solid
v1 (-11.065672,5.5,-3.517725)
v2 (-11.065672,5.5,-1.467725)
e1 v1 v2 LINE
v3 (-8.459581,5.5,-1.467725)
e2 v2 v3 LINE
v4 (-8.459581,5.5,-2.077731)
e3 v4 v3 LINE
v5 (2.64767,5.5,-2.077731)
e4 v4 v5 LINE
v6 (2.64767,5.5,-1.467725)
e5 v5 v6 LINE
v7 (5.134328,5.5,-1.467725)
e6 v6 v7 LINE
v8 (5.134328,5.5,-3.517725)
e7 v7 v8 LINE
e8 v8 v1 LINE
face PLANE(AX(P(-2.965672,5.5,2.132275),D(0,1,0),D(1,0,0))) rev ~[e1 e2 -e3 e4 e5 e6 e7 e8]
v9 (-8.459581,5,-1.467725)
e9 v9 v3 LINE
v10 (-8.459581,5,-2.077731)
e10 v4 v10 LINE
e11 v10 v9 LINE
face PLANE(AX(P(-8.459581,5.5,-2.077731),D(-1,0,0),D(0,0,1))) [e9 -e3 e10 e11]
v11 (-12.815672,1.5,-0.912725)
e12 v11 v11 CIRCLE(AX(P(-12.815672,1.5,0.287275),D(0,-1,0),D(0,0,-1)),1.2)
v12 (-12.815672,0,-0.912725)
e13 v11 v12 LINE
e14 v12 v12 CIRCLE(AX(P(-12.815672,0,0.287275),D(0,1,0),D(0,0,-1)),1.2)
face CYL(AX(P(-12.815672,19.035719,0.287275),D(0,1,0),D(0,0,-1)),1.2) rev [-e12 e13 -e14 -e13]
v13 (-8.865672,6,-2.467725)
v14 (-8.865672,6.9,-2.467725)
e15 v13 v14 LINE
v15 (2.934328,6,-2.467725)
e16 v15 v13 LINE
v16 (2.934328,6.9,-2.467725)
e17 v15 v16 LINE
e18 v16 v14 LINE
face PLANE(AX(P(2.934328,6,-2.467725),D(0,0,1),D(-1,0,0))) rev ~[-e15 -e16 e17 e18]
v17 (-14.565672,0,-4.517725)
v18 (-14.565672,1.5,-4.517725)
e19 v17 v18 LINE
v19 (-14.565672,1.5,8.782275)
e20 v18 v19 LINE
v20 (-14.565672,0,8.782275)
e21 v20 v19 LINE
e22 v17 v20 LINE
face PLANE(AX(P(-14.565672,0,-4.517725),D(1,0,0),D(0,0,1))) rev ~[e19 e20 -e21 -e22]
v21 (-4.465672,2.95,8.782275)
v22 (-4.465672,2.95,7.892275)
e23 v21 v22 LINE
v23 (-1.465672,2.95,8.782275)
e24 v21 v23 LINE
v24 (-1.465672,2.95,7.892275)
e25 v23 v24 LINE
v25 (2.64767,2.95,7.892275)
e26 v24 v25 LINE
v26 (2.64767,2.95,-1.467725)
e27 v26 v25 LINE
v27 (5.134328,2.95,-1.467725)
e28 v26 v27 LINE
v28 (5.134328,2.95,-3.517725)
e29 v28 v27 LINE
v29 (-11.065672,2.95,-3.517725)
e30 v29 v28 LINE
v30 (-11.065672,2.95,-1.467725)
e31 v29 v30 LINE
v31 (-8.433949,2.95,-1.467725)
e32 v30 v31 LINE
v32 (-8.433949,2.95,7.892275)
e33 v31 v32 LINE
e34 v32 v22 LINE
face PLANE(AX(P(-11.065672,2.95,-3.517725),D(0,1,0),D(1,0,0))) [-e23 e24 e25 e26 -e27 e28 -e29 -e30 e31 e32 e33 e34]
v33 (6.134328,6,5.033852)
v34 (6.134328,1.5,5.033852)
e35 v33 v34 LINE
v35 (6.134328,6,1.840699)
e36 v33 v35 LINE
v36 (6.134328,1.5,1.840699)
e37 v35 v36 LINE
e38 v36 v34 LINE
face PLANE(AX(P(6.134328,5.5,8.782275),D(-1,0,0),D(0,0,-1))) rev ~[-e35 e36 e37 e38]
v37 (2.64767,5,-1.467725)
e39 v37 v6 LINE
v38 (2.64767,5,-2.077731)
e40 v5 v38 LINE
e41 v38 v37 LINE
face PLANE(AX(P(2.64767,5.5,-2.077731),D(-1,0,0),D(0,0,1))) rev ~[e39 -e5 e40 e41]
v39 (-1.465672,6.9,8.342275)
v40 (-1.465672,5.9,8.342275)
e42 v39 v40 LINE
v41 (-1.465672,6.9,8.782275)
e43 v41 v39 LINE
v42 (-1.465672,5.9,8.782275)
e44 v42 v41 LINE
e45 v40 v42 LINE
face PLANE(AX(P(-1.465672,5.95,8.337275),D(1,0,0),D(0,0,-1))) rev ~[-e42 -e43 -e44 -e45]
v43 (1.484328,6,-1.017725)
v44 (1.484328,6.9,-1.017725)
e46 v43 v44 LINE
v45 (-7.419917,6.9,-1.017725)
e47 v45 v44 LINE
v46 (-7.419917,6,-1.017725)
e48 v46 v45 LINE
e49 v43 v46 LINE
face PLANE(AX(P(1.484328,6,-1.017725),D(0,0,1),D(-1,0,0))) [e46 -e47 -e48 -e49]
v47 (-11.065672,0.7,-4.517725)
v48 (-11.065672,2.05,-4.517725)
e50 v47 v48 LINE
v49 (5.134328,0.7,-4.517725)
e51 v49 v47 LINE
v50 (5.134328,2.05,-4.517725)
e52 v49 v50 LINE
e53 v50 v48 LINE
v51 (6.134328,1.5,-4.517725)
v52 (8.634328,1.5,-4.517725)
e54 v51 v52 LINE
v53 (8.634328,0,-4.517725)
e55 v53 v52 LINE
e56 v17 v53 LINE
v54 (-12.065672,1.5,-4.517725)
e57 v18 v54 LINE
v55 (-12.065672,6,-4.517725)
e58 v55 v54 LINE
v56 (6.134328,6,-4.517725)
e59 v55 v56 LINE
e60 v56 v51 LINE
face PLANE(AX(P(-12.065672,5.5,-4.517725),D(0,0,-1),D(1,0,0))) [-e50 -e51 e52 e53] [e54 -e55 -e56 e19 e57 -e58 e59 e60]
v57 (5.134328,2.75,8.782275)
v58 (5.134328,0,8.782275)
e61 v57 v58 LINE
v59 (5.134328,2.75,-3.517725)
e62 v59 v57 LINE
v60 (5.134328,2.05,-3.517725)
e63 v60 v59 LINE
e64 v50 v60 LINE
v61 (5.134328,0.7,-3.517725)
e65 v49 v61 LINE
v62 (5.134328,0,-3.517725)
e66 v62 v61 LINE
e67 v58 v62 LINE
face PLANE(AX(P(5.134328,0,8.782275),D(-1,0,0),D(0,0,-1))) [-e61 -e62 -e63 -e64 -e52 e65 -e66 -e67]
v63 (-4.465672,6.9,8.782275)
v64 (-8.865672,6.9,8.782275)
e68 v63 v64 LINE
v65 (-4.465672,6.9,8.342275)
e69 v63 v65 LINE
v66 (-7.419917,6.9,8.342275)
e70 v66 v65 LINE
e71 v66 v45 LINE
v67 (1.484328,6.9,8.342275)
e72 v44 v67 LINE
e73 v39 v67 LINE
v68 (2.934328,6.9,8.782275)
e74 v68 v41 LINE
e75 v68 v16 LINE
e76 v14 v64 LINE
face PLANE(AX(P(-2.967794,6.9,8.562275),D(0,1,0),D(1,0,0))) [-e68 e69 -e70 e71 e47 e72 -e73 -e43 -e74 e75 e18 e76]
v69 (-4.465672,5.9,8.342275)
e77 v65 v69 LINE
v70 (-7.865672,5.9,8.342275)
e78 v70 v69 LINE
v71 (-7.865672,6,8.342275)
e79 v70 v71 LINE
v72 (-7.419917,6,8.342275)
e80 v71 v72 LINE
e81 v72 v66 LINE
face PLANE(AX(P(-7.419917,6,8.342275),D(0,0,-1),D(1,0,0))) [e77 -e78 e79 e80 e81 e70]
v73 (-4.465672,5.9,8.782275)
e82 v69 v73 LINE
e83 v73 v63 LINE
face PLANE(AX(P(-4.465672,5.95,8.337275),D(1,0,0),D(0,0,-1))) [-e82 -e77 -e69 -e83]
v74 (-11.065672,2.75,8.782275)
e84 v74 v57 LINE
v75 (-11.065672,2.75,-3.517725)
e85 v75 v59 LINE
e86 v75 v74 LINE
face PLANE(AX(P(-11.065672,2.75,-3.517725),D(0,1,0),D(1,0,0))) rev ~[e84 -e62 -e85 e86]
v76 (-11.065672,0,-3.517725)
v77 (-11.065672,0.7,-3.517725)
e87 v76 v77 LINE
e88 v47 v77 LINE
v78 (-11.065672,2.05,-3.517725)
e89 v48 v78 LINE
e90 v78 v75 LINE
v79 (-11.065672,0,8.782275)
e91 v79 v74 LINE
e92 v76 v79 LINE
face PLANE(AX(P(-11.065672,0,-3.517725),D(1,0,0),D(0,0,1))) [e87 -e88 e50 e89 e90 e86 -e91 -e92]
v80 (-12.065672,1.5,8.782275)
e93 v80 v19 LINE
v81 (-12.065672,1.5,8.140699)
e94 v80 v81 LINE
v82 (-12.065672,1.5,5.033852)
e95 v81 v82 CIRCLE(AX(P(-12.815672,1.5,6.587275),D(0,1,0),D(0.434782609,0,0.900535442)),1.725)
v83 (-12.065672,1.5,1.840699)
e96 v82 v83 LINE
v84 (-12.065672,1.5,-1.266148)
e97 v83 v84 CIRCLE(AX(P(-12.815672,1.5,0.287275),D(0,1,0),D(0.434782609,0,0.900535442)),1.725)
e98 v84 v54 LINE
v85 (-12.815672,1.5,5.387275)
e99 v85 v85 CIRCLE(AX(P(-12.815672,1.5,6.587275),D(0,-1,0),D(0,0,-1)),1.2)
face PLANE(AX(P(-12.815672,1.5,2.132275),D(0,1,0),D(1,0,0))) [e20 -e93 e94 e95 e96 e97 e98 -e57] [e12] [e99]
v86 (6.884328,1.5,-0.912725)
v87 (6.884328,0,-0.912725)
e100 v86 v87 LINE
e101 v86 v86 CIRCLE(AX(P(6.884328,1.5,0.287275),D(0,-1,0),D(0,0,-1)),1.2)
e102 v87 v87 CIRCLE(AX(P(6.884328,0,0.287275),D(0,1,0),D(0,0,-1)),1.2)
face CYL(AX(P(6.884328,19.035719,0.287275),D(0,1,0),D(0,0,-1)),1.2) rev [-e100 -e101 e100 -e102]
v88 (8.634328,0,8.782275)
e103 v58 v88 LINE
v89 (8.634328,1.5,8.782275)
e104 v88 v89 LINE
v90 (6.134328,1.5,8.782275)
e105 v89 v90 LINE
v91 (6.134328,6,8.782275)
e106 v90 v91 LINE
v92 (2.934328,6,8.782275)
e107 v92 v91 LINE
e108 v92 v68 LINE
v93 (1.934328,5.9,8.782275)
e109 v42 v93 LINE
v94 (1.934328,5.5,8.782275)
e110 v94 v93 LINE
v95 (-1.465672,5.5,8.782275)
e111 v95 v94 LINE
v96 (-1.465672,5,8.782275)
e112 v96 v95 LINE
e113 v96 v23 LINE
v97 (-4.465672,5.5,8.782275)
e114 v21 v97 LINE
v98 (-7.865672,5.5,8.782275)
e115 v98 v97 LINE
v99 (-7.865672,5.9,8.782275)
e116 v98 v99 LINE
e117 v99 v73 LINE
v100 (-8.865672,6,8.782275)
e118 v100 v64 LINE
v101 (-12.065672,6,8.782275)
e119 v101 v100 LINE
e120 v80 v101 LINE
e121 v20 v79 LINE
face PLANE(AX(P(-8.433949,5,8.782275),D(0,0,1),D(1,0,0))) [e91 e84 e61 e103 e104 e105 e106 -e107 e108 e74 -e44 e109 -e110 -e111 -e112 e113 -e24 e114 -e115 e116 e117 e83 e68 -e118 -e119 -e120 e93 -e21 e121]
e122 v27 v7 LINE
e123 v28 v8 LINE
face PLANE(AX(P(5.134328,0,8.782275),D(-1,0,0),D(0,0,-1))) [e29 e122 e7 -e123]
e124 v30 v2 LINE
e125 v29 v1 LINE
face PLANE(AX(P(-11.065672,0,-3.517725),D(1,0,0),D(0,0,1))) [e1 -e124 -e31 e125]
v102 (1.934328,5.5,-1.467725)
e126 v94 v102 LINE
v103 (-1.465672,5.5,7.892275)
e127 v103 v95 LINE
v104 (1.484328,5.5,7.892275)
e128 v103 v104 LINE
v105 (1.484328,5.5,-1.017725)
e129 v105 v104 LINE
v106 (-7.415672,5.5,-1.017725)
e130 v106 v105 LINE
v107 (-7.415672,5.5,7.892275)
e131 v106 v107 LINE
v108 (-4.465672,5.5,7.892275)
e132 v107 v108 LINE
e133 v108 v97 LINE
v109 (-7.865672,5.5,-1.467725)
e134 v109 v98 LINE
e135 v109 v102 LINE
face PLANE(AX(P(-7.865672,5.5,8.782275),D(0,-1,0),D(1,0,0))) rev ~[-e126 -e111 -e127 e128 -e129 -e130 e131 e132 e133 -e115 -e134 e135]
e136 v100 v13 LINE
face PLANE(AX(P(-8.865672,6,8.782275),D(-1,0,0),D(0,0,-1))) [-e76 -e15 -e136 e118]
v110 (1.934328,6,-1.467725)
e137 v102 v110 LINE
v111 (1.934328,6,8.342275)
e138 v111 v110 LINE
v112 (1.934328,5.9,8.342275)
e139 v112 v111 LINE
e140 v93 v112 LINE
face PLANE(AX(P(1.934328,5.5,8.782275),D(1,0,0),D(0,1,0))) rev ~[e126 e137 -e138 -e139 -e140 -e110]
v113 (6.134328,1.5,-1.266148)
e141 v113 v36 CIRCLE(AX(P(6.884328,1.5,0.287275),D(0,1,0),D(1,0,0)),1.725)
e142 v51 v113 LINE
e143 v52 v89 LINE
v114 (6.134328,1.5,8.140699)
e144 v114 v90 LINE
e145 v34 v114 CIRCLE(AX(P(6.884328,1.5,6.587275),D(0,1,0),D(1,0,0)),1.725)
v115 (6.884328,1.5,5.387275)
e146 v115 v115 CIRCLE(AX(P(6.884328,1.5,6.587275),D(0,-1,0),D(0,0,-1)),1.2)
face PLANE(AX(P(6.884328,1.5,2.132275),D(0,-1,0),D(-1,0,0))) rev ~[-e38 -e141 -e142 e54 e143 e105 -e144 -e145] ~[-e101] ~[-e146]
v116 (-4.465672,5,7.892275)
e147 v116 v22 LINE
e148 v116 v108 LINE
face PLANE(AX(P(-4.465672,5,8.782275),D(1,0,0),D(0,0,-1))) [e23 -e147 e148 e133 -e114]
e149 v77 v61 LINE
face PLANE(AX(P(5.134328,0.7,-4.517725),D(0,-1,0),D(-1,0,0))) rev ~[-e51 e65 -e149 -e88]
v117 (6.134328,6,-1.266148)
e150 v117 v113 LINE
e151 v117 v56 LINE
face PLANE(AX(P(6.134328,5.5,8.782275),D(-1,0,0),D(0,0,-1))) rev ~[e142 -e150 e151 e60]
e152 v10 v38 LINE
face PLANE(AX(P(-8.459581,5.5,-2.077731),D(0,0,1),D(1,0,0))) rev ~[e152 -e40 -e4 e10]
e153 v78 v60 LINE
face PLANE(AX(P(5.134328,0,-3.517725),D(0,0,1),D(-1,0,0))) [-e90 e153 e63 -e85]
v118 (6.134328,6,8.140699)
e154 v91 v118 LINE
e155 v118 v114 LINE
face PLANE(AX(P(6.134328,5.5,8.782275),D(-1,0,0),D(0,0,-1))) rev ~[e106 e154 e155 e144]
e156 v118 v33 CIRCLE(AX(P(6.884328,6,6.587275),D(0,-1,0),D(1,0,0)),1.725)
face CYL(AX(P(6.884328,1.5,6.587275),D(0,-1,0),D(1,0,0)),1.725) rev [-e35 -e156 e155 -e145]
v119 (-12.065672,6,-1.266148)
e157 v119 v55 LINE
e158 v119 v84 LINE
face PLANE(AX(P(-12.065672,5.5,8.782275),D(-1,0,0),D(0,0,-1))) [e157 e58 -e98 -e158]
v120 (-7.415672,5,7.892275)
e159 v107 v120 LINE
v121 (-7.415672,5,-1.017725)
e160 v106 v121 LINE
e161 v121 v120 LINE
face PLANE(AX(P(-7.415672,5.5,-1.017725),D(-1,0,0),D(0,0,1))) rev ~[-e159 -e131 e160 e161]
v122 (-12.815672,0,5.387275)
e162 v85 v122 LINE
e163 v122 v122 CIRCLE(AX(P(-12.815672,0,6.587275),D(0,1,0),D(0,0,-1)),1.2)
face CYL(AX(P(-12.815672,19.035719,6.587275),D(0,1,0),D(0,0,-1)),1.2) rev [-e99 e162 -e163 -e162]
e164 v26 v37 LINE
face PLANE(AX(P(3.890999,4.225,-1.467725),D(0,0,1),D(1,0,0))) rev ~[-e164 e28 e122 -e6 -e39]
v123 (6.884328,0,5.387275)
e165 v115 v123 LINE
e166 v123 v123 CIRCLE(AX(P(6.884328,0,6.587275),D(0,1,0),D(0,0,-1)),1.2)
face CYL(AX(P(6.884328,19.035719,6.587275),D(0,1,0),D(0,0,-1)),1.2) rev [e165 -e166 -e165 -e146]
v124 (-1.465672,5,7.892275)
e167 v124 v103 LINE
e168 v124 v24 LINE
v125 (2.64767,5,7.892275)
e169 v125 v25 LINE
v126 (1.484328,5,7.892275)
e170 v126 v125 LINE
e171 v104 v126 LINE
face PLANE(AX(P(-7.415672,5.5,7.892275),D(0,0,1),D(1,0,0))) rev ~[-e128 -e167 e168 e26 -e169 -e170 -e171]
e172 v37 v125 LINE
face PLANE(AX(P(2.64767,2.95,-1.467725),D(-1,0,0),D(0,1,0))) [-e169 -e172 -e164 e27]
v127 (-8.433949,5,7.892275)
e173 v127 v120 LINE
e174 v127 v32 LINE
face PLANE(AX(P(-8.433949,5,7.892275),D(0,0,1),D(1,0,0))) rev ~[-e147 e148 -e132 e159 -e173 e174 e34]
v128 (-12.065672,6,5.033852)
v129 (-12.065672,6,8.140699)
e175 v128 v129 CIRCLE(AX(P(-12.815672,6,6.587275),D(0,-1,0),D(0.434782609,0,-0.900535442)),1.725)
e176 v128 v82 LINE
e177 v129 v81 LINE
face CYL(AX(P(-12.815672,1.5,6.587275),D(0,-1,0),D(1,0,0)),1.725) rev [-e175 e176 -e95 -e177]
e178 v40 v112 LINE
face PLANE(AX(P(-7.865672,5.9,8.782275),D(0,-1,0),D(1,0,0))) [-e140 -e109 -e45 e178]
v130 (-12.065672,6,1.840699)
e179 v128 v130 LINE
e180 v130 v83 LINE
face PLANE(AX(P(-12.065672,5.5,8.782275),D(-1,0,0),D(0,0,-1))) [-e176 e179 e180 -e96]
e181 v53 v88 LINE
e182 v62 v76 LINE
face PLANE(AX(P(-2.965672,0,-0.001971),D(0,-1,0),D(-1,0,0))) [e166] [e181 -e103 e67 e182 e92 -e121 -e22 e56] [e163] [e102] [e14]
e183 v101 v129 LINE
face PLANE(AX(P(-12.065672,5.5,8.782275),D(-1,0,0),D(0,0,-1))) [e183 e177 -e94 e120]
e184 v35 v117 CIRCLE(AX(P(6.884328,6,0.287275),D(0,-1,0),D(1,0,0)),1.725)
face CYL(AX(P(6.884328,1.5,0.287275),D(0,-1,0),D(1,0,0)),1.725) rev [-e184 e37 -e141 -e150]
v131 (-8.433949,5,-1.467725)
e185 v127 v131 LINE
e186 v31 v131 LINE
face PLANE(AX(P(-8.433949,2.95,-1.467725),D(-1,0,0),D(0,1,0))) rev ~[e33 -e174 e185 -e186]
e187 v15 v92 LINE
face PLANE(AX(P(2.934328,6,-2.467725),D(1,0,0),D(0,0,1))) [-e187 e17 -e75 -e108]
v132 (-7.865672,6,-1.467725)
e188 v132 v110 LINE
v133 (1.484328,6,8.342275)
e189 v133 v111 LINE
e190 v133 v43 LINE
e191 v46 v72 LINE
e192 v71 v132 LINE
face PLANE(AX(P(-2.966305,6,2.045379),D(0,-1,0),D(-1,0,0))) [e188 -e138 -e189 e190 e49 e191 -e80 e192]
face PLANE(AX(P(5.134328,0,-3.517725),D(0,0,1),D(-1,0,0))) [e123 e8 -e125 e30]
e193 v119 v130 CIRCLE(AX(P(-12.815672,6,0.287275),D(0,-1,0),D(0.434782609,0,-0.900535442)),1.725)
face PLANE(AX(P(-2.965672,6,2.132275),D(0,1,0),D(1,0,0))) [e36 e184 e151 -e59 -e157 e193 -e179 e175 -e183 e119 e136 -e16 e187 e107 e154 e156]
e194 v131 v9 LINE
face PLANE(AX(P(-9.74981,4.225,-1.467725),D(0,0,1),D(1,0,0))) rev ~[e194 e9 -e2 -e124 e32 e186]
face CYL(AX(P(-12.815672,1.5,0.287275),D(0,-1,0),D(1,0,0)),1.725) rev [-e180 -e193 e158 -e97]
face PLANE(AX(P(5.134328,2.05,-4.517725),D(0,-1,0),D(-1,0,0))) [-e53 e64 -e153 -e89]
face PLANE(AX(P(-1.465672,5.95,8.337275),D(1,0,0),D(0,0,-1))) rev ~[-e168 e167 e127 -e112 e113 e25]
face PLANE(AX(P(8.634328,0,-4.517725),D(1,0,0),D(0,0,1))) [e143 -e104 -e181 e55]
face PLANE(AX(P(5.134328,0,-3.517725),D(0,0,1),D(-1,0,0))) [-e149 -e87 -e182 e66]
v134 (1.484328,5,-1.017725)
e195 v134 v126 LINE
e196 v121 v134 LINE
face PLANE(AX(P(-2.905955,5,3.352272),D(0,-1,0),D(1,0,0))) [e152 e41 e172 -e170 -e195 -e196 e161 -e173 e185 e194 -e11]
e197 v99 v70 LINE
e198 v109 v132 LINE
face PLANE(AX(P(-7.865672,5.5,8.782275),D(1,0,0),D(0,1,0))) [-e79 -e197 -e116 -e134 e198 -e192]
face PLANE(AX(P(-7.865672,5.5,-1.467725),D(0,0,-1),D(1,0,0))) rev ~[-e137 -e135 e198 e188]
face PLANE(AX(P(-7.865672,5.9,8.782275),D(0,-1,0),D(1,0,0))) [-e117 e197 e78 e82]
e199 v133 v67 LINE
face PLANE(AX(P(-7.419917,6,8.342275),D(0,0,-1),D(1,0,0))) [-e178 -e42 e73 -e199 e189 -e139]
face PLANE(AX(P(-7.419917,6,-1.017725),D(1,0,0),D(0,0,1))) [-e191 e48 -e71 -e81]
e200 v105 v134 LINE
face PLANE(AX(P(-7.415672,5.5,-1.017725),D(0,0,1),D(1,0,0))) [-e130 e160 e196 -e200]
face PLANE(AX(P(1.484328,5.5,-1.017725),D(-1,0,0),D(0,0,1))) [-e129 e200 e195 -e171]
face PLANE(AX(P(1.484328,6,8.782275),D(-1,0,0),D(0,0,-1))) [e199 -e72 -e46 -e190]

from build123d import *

# Parameters (mm, degrees)
BOSS_EXTRUDE1_DEPTH      = 5.5
SKETCH2_W                = 16.2
SKETCH2_H                = 1.35
CUT_EXTRUDE1_DEPTH       = 3
SKETCH5_W                = 18.2
SKETCH5_H                = 13.3
SKETCH5_W_2              = 9.8
SKETCH5_H_2              = 9.81
BOSS_EXTRUDE2_DEPTH      = 0.5
SKETCH6_W                = 11.107250644
SKETCH6_H                = 10.860006292
SKETCH6_W_2              = 8.9
SKETCH6_H_2              = 8.91
BOSS_EXTRUDE3_DEPTH      = 0.5
SKETCH7_W                = 16.2
SKETCH7_H                = 0.2
BOSS_EXTRUDE4_DEPTH      = 12.3
BOSS_EXTRUDE5_DEPTH      = 1.5
CUT_EXTRUDE7_DEPTH       = 19.035718964
CUT_EXTRUDE7_DEPTH_BACK  = 19.035718964
SKETCH10_R               = 1.2
SKETCH11_R               = 1.725
CUT_EXTRUDE11_DEPTH      = 10
CUT_EXTRUDE12_REACH      = 22.617
SKETCH17_W               = 9.8
SKETCH17_H               = 0.4
BOSS_EXTRUDE7_DEPTH      = 1.5
SKETCH19_W               = 8.904244722
SKETCH19_H               = 0.44
BOSS_EXTRUDE8_DEPTH      = 0.9
CUT_EXTRUDE13_DEPTH      = 1.5
CUT_EXTRUDE13_DEPTH_BACK = 1.5
SKETCH21_W               = 0.89
SKETCH21_H               = 1.9
BOSS_EXTRUDE9_START      = -10.25
SKETCH22_W               = 2.631722889
SKETCH22_H               = 2.55
SKETCH22_W_2             = 2.486658277
BOSS_EXTRUDE9_DEPTH      = 10.25
SKETCH23_W               = 3.968277111
SKETCH23_H               = 0.89
SKETCH23_W_2             = 4.113341723
BOSS_EXTRUDE11_DEPTH     = 2.05
CUT_EXTRUDE14_DEPTH      = 0.6


with BuildPart() as part:
    # Sketch1 → Boss-Extrude1 (new body)
    with BuildSketch(Plane(origin=(0, 0, 0), x_dir=(1, 0, 0), z_dir=(0, 1, 0))):
        Polygon((-11.065671851, -8.782275449), (-12.065671851, -8.782275449), (-12.065671851, 4.517724551), (6.134328149, 4.517724551), (6.134328149, -8.782275449), (5.134328149, -8.782275449), (5.134328149, 3.517724551), (-11.065671851, 3.517724551), align=None)
    extrude(amount=BOSS_EXTRUDE1_DEPTH)

    # Sketch2 → Cut-Extrude1 (cut)
    with BuildSketch(Plane(origin=(0, 0, -4.517724551), x_dir=(-1, 0, 0), z_dir=(0, 0, -1))):
        with Locations((2.965671851, 1.375)):
            Rectangle(SKETCH2_W, SKETCH2_H)
    extrude(amount=-CUT_EXTRUDE1_DEPTH, mode=Mode.SUBTRACT)

    # Sketch5 → Boss-Extrude2 (add)
    with BuildSketch(Plane(origin=(0, 5.5, 0), x_dir=(1, 0, 0), z_dir=(0, 1, 0))):
        with Locations((-2.965671851, -2.132275449)):
            Rectangle(SKETCH5_W, SKETCH5_H)
        with Locations((-2.965671851, -3.437275449)):
            Rectangle(SKETCH5_W_2, SKETCH5_H_2, mode=Mode.SUBTRACT)
    extrude(amount=BOSS_EXTRUDE2_DEPTH)

    # Sketch6 → Boss-Extrude3 (add)
    with BuildSketch(Plane.XZ.offset(-5.5)):
        with Locations((-2.90595545, 3.352272303)):
            Rectangle(SKETCH6_W, SKETCH6_H)
        with Locations((-2.965671851, 3.437275449)):
            Rectangle(SKETCH6_W_2, SKETCH6_H_2, mode=Mode.SUBTRACT)
    extrude(amount=BOSS_EXTRUDE3_DEPTH)

    # Sketch7 → Boss-Extrude4 (add)
    with BuildSketch(Plane.XY.offset(-3.517724551)):
        with Locations((-2.965671851, 2.85)):
            Rectangle(SKETCH7_W, SKETCH7_H)
    extrude(amount=BOSS_EXTRUDE4_DEPTH)

    # Sketch8 → Boss-Extrude5 (add)
    with BuildSketch(Plane(origin=(0, 0, 0), x_dir=(-1, 0, 0), z_dir=(0, -1, 0))):
        Polygon((11.065671851, -8.782275449), (11.065671851, 3.517724551), (11.065671851, 4.517724551), (12.065671851, 4.517724551), (14.565671851, 4.517724551), (14.565671851, -8.782275449), (12.065671851, -8.782275449), align=None)
        Polygon((-5.134328149, -8.782275449), (-5.134328149, 3.517724551), (-5.134328149, 4.517724551), (-6.134328149, 4.517724551), (-8.634328149, 4.517724551), (-8.634328149, -8.782275449), (-6.134328149, -8.782275449), align=None)
    extrude(amount=-BOSS_EXTRUDE5_DEPTH)

    # Sketch10 → Cut-Extrude7 (cut, two sides: drawn at the far end of the back side and taken through both)
    with BuildSketch(Plane(origin=(0, 0, 0), x_dir=(-1, 0, 0), z_dir=(0, -1, 0)).offset(-CUT_EXTRUDE7_DEPTH_BACK)):
        with Locations(Location((12.815671851, -6.587275449, 0), (0, 0, 90))):
            Circle(SKETCH10_R)
        with Locations(Location((12.815671851, -0.287275449, 0), (0, 0, 90))):
            Circle(SKETCH10_R)
        with Locations(Location((-6.884328149, -0.287275449, 0), (0, 0, 90))):
            Circle(SKETCH10_R)
        with Locations(Location((-6.884328149, -6.587275449, 0), (0, 0, 90))):
            Circle(SKETCH10_R)
    extrude(amount=CUT_EXTRUDE7_DEPTH + CUT_EXTRUDE7_DEPTH_BACK, mode=Mode.SUBTRACT)

    # Sketch11 → Cut-Extrude11 (cut)
    with BuildSketch(Plane(origin=(0, 1.5, 0), x_dir=(1, 0, 0), z_dir=(0, 1, 0))):
        with Locations((6.884328149, -0.287275449)):
            Circle(SKETCH11_R)
        with Locations((6.884328149, -6.587275449)):
            Circle(SKETCH11_R)
        with Locations((-12.815671851, -0.287275449)):
            Circle(SKETCH11_R)
        with Locations((-12.815671851, -6.587275449)):
            Circle(SKETCH11_R)
    extrude(amount=CUT_EXTRUDE11_DEPTH, mode=Mode.SUBTRACT)

    # Sketch17 → Cut-Extrude12 (cut, up to next)
    with BuildSketch(Plane.XY.offset(8.782275449), mode=Mode.PRIVATE) as cut_extrude12_sk1:
        with Locations((-2.965671851, 5.7)):
            Rectangle(SKETCH17_W, SKETCH17_H)
    cut_extrude12_tool1 = extrude(cut_extrude12_sk1.sketch, amount=-CUT_EXTRUDE12_REACH, mode=Mode.PRIVATE) & part.part
    add(cut_extrude12_tool1.solids().sort_by_distance((-2.965672, 5.7, 8.782275))[0], mode=Mode.SUBTRACT)

    # Sketch18 → Boss-Extrude7 (add)
    with BuildSketch(Plane(origin=(0, 6, 0), x_dir=(1, 0, 0), z_dir=(0, 1, 0))):
        Polygon((-7.419916573, -8.782275449), (-8.865671851, -8.782275449), (-8.865671851, 2.467724551), (-7.419916573, 2.467724551), (1.484328149, 2.467724551), (2.934328149, 2.467724551), (2.934328149, -8.782275449), (1.484328149, -8.782275449), (1.484328149, 1.017724551), (-7.419916573, 1.017724551), align=None)
    extrude(amount=BOSS_EXTRUDE7_DEPTH)

    # Sketch19 → Boss-Extrude8 (add)
    with BuildSketch(Plane(origin=(0, 6, 0), x_dir=(1, 0, 0), z_dir=(0, 1, 0))):
        with Locations((-2.967794212, -8.562275449)):
            Rectangle(SKETCH19_W, SKETCH19_H)
    extrude(amount=BOSS_EXTRUDE8_DEPTH)

    # Sketch21 → Cut-Extrude13 (cut, two sides: drawn at the far end of the back side and taken through both)
    with BuildSketch(Plane(origin=(-2.965671851, 0, 0), x_dir=(0, 0, -1), z_dir=(1, 0, 0)).offset(-CUT_EXTRUDE13_DEPTH_BACK)):
        with Locations((-8.337275449, 5.95)):
            Rectangle(SKETCH21_W, SKETCH21_H)
    extrude(amount=CUT_EXTRUDE13_DEPTH + CUT_EXTRUDE13_DEPTH_BACK, mode=Mode.SUBTRACT)

    # Sketch22 → Boss-Extrude9 (add)
    with BuildSketch(Plane.XY.offset(8.782275449).offset(BOSS_EXTRUDE9_START)):
        with Locations((-9.749810406, 4.225)):
            Rectangle(SKETCH22_W, SKETCH22_H)
        with Locations((3.89099901, 4.225)):
            Rectangle(SKETCH22_W_2, SKETCH22_H)
    extrude(amount=BOSS_EXTRUDE9_DEPTH)

    # Sketch23 → Boss-Extrude11 (add)
    with BuildSketch(Plane(origin=(0, 5, 0), x_dir=(1, 0, 0), z_dir=(0, 1, 0))):
        with Locations((-6.449810407, -8.337275449)):
            Rectangle(SKETCH23_W, SKETCH23_H)
        with Locations((0.590999011, -8.337275449)):
            Rectangle(SKETCH23_W_2, SKETCH23_H)
    extrude(amount=-BOSS_EXTRUDE11_DEPTH)

    # Sketch24 → Cut-Extrude14 (cut)
    with BuildSketch(Plane(origin=(0, 7.5, 0), x_dir=(1, 0, 0), z_dir=(0, 1, 0))):
        Polygon((-8.865671851, 1.017724551), (-8.865671851, -8.782275449), (-7.419916573, -8.782275449), (-7.419916573, 1.017724551), (1.484328149, 1.017724551), (1.484328149, -8.782275449), (2.934328149, -8.782275449), (2.934328149, 1.017724551), (2.934328149, 2.467724551), (1.484328149, 2.467724551), (-7.500141942, 2.467724551), (-8.865671851, 2.467724551), align=None)
    extrude(amount=-CUT_EXTRUDE14_DEPTH, mode=Mode.SUBTRACT)


solid = part.part
